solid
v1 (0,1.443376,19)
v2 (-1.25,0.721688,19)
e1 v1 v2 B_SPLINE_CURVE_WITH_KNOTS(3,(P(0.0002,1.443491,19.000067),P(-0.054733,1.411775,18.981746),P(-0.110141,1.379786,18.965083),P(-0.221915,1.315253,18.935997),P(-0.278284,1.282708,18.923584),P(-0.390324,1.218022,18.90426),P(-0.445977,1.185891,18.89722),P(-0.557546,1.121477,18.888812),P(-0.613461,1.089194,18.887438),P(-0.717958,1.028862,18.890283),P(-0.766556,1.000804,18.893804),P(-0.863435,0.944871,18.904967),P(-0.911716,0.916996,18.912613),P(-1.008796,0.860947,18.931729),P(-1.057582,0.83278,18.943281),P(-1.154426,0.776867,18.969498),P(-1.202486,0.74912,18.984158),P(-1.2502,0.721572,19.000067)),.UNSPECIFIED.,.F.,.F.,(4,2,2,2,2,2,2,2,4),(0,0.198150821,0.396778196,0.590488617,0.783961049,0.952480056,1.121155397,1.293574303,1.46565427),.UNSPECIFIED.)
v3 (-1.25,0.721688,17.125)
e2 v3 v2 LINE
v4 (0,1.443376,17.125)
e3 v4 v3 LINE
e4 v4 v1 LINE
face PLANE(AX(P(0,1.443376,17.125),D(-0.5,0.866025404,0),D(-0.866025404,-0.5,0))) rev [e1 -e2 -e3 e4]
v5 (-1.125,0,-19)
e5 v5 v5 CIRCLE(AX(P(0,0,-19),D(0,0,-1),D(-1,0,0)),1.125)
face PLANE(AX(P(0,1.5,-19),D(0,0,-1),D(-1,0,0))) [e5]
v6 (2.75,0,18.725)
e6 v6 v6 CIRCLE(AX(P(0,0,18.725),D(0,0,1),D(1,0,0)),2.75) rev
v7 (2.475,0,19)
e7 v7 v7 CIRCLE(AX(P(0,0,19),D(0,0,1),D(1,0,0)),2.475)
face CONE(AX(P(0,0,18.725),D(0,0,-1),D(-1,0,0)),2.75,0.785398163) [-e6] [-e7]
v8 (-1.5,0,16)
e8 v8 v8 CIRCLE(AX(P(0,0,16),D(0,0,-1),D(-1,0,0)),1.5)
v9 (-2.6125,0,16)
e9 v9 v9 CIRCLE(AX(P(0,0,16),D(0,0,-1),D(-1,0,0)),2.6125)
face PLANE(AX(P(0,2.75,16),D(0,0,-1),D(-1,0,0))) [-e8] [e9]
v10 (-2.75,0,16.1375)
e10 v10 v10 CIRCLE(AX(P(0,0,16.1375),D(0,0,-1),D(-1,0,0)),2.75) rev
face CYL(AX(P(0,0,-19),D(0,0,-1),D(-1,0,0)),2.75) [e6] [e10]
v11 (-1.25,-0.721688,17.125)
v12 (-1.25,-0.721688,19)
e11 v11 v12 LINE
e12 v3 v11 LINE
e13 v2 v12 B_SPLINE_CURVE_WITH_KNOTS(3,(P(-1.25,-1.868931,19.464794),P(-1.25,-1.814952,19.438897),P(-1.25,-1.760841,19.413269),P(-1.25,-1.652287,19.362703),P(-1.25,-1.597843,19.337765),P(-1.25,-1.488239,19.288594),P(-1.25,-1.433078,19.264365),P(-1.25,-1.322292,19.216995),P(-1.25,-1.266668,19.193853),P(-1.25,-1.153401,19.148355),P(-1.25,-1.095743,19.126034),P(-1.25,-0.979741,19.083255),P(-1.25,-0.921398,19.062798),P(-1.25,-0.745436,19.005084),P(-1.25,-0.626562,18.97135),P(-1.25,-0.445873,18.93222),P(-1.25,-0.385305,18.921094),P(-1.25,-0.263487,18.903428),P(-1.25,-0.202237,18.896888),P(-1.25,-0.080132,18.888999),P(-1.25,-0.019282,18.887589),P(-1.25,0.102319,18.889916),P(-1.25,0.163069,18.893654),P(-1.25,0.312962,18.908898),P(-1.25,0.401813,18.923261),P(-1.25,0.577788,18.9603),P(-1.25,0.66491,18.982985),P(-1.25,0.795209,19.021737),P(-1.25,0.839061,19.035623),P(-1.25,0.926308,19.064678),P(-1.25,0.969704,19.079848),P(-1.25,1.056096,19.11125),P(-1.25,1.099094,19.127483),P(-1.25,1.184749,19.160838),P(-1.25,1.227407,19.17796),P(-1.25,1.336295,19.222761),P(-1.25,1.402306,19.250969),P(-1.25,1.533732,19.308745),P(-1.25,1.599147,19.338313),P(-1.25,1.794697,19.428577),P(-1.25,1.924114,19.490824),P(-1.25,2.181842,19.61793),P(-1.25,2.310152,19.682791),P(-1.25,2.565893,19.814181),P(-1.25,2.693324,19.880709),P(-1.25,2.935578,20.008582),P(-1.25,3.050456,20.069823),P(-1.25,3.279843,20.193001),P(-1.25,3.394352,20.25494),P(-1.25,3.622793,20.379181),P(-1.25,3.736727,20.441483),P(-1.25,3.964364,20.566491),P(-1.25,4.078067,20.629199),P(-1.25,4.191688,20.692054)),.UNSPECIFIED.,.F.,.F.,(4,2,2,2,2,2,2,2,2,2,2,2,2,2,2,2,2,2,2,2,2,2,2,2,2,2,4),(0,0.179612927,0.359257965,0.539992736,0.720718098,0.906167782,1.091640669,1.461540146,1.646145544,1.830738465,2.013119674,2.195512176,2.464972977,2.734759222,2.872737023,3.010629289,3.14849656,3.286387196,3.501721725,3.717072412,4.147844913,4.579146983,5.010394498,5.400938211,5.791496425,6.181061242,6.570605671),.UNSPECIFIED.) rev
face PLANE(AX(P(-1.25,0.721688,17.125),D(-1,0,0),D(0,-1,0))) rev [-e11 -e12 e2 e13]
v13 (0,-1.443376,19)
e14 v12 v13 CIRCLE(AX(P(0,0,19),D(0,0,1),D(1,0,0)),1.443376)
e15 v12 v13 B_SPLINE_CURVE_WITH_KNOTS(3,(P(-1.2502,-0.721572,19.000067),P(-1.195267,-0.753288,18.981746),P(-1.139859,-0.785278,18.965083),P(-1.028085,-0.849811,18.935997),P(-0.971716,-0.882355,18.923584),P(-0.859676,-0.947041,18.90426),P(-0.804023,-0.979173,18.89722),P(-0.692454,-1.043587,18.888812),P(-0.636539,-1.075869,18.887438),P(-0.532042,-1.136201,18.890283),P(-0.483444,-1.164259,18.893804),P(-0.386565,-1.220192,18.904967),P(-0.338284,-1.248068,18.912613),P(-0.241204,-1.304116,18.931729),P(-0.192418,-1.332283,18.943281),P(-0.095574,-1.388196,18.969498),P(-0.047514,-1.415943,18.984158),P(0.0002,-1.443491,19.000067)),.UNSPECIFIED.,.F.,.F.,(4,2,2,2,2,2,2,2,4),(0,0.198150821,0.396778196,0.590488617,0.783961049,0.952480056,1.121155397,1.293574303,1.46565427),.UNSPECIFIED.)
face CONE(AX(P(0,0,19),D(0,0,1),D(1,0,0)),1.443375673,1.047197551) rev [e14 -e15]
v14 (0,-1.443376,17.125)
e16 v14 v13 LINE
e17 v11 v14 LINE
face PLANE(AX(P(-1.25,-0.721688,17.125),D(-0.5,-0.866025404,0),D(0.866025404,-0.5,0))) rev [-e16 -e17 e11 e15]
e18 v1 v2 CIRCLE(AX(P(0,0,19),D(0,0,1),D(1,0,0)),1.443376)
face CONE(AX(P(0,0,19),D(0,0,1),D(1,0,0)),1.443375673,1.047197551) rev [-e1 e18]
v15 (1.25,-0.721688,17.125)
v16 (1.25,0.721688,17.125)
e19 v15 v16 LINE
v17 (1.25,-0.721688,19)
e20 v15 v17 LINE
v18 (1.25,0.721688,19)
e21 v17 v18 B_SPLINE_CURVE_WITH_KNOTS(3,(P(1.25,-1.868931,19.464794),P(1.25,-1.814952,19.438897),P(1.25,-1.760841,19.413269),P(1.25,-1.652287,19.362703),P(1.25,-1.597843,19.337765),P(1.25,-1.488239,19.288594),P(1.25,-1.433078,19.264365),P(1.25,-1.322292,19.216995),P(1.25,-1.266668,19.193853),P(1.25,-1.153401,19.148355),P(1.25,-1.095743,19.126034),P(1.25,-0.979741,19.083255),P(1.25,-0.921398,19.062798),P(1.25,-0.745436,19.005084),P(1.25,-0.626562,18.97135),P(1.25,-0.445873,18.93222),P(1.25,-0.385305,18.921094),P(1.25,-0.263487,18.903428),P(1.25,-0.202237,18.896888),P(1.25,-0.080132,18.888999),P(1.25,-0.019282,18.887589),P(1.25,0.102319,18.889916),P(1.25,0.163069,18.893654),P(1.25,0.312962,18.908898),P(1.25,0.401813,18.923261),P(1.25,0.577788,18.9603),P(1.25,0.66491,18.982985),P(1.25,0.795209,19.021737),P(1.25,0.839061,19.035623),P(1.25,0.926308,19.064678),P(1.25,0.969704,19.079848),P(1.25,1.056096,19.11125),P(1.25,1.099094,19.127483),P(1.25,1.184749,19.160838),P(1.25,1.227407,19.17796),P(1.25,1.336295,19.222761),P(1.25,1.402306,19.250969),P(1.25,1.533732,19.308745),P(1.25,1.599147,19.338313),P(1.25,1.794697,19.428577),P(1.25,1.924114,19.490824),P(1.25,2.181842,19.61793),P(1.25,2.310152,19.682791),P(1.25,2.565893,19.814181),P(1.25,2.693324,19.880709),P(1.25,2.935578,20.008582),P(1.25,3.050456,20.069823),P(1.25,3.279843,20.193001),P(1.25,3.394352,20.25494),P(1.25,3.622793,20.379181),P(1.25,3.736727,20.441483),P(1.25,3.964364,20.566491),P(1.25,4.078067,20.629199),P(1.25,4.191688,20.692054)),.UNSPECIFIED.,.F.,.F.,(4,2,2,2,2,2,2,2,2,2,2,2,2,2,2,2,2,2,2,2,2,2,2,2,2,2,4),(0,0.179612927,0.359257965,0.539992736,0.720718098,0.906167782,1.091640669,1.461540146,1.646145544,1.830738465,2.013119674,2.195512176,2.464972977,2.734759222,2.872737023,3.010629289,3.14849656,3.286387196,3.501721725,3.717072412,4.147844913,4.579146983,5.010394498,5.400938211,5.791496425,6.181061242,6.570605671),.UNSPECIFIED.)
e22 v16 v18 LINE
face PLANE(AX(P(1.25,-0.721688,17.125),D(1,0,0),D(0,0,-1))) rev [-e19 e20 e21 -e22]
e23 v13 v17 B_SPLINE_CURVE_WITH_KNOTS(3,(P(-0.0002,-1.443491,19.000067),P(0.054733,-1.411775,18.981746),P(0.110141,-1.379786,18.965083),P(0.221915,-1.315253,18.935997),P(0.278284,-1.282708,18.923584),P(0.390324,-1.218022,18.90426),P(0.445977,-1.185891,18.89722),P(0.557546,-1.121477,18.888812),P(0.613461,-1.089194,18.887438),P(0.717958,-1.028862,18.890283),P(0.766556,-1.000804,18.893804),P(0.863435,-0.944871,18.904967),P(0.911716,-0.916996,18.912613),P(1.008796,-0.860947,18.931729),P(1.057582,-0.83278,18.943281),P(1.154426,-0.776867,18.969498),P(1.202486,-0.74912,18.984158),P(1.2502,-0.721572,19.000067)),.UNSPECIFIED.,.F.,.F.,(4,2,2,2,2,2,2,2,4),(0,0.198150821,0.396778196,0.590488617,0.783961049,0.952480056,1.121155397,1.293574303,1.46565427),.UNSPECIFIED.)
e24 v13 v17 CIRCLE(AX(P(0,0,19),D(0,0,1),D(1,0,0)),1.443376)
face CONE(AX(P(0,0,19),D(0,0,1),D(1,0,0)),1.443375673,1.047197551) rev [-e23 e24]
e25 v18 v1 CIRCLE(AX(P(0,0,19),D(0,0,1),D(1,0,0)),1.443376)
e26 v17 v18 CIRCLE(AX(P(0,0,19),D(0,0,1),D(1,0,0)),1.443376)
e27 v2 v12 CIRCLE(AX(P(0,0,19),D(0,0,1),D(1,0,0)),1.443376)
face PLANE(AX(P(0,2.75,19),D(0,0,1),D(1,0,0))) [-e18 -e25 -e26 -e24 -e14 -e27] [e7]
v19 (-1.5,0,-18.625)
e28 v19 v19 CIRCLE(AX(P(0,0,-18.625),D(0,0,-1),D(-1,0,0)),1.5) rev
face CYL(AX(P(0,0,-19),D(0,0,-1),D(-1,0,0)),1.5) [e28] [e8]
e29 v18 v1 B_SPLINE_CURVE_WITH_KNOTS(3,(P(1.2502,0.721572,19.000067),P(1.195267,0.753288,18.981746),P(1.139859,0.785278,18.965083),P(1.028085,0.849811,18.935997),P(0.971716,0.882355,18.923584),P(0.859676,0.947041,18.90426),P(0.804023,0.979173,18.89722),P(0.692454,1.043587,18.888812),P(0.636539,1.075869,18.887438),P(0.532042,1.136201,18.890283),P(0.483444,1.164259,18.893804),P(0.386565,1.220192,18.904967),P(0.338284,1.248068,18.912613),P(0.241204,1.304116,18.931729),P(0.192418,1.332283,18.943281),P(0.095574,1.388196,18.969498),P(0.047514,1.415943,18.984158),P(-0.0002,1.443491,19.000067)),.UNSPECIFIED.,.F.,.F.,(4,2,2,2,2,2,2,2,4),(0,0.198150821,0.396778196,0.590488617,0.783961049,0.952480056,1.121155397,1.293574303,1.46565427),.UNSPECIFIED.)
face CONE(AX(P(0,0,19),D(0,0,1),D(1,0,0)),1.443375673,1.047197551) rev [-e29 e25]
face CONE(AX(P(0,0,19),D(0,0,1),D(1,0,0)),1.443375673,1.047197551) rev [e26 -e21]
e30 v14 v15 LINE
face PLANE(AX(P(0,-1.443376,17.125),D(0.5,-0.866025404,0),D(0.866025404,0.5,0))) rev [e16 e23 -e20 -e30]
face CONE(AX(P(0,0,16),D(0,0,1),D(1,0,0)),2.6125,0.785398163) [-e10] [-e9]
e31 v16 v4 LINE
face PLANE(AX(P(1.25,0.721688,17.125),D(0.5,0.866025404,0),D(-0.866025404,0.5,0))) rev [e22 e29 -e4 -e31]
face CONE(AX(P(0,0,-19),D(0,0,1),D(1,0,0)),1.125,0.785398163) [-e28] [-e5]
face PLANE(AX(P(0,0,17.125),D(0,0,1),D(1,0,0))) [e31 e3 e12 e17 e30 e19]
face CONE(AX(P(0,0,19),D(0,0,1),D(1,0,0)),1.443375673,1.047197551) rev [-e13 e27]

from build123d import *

# Parameters (mm, degrees)
CUT_EXTRUDE1_DEPTH = 1.875
CHAMFER1_SIZE      = 0.275
CHAMFER2_SIZE      = 0.1375
CHAMFER3_SIZE      = 0.375


with BuildPart() as part:
    # Sketch2 → Revolve1 (revolve)
    with BuildSketch(Plane(origin=(0, 0, 0), x_dir=(0, 0, -1), z_dir=(1, 0, 0))):
        Polygon((-19, 2.75), (-16, 2.75), (-16, 1.5), (19, 1.5), (19, 0), (-19, 0), align=None)
    revolve(axis=Axis((0, 0, -19), (0, 0, 1)))

    # Sketch4 → Cut-Extrude1 (cut)
    with BuildSketch(Plane.XY.offset(19)):
        Polygon((0, 1.443375673), (-1.25, 0.721687836), (-1.25, -0.721687836), (0, -1.443375673), (1.25, -0.721687836), (1.25, 0.721687836), align=None)
    extrude(amount=-CUT_EXTRUDE1_DEPTH, mode=Mode.SUBTRACT)

    # Cut-Extrude2 cone 1 section (through the dimple's axis) → Cut-Extrude2 (revolve, cut)
    with BuildSketch(Plane(origin=(0, 0, 19), x_dir=(0, -1, 0), z_dir=(1, 0, 0))):
        Polygon((0, 0), (1.443375673, 0), (0, 0.833333333), align=None)
    revolve(axis=Axis((0, 0, 19), (0, 0, -1)), mode=Mode.SUBTRACT)

    # Chamfer1
    chamfer1_edges = [part.edges().sort_by_distance(p)[0] for p in [
        (0, -2.75, 19),
    ]]
    chamfer(chamfer1_edges, length=CHAMFER1_SIZE)

    # Chamfer2
    chamfer2_edges = [part.edges().sort_by_distance(p)[0] for p in [
        (0, -2.75, 16),
    ]]
    chamfer(chamfer2_edges, length=CHAMFER2_SIZE)

    # Chamfer3
    chamfer3_edges = [part.edges().sort_by_distance(p)[0] for p in [
        (0, -1.5, -19),
    ]]
    chamfer(chamfer3_edges, length=CHAMFER3_SIZE)


solid = part.part
